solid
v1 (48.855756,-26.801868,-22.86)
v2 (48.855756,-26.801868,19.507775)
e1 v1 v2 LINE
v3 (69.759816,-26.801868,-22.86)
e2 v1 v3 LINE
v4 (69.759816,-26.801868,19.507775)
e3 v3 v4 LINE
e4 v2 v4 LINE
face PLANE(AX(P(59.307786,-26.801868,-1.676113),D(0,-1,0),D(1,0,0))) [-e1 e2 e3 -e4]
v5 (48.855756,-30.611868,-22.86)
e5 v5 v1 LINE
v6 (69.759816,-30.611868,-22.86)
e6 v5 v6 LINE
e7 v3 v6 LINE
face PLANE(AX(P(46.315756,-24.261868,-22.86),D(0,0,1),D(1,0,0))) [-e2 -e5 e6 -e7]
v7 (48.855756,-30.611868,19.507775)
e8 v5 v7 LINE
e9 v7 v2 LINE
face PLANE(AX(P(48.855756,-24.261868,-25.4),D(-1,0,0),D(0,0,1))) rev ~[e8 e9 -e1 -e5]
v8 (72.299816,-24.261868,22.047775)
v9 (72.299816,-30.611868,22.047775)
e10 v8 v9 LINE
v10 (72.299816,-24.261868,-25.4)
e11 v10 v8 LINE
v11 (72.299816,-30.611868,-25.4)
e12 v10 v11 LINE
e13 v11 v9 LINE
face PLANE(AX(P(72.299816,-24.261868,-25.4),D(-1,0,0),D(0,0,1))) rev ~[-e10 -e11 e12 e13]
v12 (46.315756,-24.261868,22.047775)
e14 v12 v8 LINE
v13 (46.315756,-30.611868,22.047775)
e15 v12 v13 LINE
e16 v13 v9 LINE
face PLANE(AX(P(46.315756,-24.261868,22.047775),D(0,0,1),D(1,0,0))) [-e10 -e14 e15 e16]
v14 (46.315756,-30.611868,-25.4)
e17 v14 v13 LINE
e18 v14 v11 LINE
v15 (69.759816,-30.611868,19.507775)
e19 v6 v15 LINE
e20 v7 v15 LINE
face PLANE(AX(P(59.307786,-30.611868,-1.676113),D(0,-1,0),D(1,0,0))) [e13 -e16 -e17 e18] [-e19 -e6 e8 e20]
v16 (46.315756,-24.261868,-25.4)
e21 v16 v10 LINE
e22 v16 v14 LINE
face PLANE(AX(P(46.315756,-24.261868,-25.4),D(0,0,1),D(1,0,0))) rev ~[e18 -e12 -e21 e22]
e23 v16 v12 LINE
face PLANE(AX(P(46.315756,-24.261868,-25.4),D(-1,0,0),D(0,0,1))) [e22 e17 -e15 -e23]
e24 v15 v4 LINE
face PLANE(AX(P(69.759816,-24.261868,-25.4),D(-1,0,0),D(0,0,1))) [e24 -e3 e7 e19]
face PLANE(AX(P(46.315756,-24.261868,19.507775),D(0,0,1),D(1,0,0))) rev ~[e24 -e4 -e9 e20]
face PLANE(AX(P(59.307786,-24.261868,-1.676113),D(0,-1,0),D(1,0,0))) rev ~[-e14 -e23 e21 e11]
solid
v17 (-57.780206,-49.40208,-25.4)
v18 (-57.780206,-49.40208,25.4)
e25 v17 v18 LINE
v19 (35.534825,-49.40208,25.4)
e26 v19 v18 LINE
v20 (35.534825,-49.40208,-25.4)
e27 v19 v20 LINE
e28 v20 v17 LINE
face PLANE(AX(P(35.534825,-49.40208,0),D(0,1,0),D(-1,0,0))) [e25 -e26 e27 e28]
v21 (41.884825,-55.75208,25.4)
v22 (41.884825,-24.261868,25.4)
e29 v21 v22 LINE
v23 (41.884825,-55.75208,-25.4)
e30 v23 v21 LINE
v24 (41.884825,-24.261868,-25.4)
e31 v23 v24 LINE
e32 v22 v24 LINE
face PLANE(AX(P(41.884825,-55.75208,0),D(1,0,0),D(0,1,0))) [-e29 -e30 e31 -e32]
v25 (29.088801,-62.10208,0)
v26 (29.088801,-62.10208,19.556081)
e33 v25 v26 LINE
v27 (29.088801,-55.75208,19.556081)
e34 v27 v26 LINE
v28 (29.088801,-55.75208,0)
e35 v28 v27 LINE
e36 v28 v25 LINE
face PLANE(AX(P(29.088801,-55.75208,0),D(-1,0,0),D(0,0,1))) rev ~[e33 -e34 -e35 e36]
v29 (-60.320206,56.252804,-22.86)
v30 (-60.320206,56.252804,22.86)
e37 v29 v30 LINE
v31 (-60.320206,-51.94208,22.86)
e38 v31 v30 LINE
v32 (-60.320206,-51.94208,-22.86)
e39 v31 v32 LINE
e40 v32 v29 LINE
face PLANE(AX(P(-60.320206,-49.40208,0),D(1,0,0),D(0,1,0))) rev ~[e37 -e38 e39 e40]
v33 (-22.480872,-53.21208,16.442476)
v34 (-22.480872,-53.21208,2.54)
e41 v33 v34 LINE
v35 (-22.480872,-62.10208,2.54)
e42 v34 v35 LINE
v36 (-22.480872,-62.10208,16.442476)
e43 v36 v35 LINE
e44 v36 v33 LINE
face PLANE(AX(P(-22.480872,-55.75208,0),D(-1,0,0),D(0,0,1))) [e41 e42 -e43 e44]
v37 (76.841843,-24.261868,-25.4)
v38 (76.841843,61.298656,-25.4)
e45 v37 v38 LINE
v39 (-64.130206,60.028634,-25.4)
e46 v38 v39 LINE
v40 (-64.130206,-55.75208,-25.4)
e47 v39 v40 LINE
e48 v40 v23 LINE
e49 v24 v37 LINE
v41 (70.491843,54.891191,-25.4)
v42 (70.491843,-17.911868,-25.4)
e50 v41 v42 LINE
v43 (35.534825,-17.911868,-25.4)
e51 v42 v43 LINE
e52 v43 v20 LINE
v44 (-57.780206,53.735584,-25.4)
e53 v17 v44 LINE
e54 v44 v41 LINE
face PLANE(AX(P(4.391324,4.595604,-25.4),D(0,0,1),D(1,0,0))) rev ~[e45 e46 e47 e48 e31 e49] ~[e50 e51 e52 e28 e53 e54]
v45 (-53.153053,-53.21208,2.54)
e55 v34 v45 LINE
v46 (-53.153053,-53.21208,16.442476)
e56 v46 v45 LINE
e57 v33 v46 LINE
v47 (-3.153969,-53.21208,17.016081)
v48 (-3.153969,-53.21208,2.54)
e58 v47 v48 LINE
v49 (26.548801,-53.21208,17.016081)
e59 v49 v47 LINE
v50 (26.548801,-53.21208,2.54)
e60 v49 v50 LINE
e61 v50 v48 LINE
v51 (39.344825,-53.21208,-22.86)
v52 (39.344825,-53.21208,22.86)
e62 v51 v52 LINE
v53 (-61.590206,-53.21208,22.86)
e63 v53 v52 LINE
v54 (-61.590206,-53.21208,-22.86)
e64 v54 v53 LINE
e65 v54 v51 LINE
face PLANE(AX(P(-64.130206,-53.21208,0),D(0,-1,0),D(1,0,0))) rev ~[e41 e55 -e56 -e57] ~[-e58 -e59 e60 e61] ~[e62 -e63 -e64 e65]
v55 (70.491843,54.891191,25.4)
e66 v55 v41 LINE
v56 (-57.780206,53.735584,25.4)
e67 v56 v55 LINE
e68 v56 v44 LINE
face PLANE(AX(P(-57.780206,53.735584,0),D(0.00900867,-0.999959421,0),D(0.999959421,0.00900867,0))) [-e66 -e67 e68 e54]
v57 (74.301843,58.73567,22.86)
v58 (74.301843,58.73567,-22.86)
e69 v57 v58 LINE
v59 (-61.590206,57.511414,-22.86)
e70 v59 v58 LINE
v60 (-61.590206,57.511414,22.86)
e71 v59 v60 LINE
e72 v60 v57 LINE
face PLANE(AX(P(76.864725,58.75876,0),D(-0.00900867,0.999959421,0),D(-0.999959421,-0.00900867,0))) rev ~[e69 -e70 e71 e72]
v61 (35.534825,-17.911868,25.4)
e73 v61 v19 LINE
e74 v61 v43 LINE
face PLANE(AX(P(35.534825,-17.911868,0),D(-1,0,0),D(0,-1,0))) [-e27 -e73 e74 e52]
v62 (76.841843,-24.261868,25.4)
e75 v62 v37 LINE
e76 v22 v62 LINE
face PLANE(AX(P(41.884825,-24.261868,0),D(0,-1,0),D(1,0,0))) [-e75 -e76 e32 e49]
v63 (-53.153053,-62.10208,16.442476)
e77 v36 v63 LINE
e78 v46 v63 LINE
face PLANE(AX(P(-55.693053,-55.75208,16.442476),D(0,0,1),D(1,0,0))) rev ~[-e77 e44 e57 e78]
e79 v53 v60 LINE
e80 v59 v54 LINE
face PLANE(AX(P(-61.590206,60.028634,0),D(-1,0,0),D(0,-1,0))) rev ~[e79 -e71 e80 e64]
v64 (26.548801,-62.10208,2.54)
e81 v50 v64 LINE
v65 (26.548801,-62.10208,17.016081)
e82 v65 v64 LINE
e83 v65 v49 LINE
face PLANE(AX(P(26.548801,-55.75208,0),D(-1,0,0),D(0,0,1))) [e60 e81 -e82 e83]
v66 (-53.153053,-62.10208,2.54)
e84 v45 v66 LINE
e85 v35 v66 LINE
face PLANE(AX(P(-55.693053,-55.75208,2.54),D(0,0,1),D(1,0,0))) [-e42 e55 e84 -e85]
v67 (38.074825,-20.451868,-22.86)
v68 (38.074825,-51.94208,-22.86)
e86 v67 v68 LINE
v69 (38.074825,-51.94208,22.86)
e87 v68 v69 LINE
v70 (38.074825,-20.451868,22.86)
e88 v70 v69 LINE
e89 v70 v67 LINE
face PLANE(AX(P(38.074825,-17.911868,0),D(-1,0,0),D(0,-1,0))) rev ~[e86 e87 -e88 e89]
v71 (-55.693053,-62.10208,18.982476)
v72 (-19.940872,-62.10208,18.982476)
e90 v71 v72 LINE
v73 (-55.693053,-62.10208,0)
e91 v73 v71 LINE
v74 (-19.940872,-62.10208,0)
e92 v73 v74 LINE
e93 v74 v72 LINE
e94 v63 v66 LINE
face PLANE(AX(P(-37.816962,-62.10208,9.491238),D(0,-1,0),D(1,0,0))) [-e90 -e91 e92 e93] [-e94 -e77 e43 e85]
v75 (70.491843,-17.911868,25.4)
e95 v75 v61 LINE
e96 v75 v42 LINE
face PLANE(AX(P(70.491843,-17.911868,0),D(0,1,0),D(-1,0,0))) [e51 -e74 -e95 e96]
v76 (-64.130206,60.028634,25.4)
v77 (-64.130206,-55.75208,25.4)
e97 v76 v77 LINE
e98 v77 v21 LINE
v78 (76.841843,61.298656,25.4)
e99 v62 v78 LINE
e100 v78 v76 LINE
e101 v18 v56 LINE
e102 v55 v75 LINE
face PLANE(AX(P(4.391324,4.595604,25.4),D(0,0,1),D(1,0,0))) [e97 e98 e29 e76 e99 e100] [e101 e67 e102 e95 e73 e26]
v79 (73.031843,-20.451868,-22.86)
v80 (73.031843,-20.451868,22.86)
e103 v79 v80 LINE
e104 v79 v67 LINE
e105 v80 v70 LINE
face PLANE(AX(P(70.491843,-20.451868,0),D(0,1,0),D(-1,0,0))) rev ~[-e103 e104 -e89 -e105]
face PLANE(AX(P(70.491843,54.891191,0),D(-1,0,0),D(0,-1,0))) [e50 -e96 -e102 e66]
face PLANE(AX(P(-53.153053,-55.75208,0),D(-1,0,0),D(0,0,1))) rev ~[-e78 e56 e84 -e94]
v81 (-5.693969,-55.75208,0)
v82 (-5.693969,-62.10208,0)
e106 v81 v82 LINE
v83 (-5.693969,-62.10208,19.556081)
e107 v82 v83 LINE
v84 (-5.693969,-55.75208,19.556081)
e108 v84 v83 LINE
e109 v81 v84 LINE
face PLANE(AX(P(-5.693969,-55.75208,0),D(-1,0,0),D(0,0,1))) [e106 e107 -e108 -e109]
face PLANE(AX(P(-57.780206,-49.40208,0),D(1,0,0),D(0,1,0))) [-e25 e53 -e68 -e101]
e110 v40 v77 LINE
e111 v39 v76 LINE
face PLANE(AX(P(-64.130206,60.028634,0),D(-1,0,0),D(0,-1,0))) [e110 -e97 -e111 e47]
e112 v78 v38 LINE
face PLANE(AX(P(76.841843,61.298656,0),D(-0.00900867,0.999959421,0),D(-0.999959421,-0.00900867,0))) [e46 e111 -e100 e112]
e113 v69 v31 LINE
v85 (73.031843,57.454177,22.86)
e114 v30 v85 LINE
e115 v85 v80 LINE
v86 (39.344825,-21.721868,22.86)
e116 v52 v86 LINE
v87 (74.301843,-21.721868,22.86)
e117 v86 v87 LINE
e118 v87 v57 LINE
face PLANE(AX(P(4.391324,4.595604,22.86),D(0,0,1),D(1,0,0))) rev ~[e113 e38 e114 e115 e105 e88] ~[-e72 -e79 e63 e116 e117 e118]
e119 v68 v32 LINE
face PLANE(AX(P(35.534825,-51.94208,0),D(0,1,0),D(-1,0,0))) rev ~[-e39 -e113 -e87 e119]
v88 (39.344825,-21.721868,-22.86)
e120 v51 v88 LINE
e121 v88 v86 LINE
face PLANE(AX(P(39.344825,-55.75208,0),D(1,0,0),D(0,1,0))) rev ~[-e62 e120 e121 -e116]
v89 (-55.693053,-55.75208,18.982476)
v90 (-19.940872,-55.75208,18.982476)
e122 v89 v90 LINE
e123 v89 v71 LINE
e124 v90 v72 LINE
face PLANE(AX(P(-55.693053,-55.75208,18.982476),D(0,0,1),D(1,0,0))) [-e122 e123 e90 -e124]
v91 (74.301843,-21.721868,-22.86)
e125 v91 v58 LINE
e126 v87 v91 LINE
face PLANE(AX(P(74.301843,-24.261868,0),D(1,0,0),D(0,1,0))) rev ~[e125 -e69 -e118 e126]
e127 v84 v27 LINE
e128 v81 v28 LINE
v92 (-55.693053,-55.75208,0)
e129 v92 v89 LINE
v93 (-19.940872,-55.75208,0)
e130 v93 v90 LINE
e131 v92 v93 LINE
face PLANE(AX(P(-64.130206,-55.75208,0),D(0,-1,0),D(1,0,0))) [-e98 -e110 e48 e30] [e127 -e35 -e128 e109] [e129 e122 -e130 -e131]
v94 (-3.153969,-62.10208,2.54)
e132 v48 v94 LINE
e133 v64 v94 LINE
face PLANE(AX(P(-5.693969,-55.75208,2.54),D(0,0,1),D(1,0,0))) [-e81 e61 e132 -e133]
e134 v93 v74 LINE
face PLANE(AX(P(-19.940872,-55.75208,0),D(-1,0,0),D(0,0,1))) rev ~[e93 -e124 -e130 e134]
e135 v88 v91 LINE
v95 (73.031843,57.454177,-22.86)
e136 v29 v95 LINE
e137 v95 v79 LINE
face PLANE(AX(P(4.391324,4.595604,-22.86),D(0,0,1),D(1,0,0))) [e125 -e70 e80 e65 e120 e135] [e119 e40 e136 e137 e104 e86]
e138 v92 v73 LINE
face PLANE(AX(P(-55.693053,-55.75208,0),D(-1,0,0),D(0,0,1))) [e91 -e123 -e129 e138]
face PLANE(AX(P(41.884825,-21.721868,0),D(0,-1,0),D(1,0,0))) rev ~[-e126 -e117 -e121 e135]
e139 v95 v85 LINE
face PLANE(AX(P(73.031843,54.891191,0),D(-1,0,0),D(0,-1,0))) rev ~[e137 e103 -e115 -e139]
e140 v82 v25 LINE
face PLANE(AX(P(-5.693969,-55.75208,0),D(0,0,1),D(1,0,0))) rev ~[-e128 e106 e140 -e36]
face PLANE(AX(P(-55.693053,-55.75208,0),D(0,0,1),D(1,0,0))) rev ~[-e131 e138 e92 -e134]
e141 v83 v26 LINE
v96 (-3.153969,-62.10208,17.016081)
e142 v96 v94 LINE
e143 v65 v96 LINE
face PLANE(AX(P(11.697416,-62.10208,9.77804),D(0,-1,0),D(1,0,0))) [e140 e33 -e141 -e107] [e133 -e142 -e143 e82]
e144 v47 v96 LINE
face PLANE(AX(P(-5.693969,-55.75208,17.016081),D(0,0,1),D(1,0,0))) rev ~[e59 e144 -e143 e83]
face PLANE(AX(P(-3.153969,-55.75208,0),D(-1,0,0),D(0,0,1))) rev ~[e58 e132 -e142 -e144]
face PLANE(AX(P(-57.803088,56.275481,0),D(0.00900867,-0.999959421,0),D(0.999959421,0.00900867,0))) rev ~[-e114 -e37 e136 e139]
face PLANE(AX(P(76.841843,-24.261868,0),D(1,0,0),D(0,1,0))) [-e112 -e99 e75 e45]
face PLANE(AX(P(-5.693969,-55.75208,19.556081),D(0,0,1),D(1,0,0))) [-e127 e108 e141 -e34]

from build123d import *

# Parameters (mm, degrees)
F1_DEPTH = 25.4
F2_W     = 35.7521809638
F2_H     = 18.9824756235
F2_W_2   = 34.7827696241
F2_H_2   = 19.5560809225
F3_DEPTH = 6.35
F4_W     = 25.9840600193
F4_H     = 47.4477748662
F5_DEPTH = 6.35
F6_T     = -2.54
F6_2_T   = -2.54


with BuildPart() as f1:
    # F0 (on Top) → F1 (new body, symmetric)
    with BuildSketch(Plane.XY):
        Polygon((76.8418429255, 61.2986564827), (-64.1302062035, 60.0286343337), (-64.1302062035, -55.7520804763), (41.884825176, -55.7520804763), (41.884825176, -24.2618681699), (76.8418429255, -24.2618681699), align=None)
        Polygon((-57.7802062035, -49.4020804763), (-57.7802062035, 53.7355840206), (70.4918429255, 54.8911914229), (70.4918429255, -17.9118681699), (35.534825176, -17.9118681699), (35.534825176, -49.4020804763), align=None, mode=Mode.SUBTRACT)
    extrude(amount=F1_DEPTH, both=True)

    # F2 (on face) → F3 (join)
    with BuildSketch(Plane.XZ.offset(55.7520804763)):
        with Locations((-37.8169622272, 9.4912378117)):
            Rectangle(F2_W, F2_H)
        with Locations((11.697415961, 9.7780404612)):
            Rectangle(F2_W_2, F2_H_2)
    extrude(amount=F3_DEPTH)

    # F6
    f6_openings = [f1.faces().sort_by_distance(p)[0] for p in [
        (-37.816962, -62.10208, 9.491238),
        (11.697416, -62.10208, 9.77804),
    ]]
    offset(amount=F6_T, openings=f6_openings, kind=Kind.INTERSECTION)


with BuildPart() as f5:
    # F4 (on face) → F5 (new body)
    with BuildSketch(Plane.XZ.offset(24.2618681699)):
        with Locations((59.3077857047, -1.6761125669)):
            Rectangle(F4_W, F4_H)
    extrude(amount=F5_DEPTH)

    # F6#2
    f6_2_openings = [f5.faces().sort_by_distance(p)[0] for p in [
        (59.307786, -30.611868, -1.676113),
    ]]
    offset(amount=F6_2_T, openings=f6_2_openings)


solid = Compound([f1.part, f5.part])
